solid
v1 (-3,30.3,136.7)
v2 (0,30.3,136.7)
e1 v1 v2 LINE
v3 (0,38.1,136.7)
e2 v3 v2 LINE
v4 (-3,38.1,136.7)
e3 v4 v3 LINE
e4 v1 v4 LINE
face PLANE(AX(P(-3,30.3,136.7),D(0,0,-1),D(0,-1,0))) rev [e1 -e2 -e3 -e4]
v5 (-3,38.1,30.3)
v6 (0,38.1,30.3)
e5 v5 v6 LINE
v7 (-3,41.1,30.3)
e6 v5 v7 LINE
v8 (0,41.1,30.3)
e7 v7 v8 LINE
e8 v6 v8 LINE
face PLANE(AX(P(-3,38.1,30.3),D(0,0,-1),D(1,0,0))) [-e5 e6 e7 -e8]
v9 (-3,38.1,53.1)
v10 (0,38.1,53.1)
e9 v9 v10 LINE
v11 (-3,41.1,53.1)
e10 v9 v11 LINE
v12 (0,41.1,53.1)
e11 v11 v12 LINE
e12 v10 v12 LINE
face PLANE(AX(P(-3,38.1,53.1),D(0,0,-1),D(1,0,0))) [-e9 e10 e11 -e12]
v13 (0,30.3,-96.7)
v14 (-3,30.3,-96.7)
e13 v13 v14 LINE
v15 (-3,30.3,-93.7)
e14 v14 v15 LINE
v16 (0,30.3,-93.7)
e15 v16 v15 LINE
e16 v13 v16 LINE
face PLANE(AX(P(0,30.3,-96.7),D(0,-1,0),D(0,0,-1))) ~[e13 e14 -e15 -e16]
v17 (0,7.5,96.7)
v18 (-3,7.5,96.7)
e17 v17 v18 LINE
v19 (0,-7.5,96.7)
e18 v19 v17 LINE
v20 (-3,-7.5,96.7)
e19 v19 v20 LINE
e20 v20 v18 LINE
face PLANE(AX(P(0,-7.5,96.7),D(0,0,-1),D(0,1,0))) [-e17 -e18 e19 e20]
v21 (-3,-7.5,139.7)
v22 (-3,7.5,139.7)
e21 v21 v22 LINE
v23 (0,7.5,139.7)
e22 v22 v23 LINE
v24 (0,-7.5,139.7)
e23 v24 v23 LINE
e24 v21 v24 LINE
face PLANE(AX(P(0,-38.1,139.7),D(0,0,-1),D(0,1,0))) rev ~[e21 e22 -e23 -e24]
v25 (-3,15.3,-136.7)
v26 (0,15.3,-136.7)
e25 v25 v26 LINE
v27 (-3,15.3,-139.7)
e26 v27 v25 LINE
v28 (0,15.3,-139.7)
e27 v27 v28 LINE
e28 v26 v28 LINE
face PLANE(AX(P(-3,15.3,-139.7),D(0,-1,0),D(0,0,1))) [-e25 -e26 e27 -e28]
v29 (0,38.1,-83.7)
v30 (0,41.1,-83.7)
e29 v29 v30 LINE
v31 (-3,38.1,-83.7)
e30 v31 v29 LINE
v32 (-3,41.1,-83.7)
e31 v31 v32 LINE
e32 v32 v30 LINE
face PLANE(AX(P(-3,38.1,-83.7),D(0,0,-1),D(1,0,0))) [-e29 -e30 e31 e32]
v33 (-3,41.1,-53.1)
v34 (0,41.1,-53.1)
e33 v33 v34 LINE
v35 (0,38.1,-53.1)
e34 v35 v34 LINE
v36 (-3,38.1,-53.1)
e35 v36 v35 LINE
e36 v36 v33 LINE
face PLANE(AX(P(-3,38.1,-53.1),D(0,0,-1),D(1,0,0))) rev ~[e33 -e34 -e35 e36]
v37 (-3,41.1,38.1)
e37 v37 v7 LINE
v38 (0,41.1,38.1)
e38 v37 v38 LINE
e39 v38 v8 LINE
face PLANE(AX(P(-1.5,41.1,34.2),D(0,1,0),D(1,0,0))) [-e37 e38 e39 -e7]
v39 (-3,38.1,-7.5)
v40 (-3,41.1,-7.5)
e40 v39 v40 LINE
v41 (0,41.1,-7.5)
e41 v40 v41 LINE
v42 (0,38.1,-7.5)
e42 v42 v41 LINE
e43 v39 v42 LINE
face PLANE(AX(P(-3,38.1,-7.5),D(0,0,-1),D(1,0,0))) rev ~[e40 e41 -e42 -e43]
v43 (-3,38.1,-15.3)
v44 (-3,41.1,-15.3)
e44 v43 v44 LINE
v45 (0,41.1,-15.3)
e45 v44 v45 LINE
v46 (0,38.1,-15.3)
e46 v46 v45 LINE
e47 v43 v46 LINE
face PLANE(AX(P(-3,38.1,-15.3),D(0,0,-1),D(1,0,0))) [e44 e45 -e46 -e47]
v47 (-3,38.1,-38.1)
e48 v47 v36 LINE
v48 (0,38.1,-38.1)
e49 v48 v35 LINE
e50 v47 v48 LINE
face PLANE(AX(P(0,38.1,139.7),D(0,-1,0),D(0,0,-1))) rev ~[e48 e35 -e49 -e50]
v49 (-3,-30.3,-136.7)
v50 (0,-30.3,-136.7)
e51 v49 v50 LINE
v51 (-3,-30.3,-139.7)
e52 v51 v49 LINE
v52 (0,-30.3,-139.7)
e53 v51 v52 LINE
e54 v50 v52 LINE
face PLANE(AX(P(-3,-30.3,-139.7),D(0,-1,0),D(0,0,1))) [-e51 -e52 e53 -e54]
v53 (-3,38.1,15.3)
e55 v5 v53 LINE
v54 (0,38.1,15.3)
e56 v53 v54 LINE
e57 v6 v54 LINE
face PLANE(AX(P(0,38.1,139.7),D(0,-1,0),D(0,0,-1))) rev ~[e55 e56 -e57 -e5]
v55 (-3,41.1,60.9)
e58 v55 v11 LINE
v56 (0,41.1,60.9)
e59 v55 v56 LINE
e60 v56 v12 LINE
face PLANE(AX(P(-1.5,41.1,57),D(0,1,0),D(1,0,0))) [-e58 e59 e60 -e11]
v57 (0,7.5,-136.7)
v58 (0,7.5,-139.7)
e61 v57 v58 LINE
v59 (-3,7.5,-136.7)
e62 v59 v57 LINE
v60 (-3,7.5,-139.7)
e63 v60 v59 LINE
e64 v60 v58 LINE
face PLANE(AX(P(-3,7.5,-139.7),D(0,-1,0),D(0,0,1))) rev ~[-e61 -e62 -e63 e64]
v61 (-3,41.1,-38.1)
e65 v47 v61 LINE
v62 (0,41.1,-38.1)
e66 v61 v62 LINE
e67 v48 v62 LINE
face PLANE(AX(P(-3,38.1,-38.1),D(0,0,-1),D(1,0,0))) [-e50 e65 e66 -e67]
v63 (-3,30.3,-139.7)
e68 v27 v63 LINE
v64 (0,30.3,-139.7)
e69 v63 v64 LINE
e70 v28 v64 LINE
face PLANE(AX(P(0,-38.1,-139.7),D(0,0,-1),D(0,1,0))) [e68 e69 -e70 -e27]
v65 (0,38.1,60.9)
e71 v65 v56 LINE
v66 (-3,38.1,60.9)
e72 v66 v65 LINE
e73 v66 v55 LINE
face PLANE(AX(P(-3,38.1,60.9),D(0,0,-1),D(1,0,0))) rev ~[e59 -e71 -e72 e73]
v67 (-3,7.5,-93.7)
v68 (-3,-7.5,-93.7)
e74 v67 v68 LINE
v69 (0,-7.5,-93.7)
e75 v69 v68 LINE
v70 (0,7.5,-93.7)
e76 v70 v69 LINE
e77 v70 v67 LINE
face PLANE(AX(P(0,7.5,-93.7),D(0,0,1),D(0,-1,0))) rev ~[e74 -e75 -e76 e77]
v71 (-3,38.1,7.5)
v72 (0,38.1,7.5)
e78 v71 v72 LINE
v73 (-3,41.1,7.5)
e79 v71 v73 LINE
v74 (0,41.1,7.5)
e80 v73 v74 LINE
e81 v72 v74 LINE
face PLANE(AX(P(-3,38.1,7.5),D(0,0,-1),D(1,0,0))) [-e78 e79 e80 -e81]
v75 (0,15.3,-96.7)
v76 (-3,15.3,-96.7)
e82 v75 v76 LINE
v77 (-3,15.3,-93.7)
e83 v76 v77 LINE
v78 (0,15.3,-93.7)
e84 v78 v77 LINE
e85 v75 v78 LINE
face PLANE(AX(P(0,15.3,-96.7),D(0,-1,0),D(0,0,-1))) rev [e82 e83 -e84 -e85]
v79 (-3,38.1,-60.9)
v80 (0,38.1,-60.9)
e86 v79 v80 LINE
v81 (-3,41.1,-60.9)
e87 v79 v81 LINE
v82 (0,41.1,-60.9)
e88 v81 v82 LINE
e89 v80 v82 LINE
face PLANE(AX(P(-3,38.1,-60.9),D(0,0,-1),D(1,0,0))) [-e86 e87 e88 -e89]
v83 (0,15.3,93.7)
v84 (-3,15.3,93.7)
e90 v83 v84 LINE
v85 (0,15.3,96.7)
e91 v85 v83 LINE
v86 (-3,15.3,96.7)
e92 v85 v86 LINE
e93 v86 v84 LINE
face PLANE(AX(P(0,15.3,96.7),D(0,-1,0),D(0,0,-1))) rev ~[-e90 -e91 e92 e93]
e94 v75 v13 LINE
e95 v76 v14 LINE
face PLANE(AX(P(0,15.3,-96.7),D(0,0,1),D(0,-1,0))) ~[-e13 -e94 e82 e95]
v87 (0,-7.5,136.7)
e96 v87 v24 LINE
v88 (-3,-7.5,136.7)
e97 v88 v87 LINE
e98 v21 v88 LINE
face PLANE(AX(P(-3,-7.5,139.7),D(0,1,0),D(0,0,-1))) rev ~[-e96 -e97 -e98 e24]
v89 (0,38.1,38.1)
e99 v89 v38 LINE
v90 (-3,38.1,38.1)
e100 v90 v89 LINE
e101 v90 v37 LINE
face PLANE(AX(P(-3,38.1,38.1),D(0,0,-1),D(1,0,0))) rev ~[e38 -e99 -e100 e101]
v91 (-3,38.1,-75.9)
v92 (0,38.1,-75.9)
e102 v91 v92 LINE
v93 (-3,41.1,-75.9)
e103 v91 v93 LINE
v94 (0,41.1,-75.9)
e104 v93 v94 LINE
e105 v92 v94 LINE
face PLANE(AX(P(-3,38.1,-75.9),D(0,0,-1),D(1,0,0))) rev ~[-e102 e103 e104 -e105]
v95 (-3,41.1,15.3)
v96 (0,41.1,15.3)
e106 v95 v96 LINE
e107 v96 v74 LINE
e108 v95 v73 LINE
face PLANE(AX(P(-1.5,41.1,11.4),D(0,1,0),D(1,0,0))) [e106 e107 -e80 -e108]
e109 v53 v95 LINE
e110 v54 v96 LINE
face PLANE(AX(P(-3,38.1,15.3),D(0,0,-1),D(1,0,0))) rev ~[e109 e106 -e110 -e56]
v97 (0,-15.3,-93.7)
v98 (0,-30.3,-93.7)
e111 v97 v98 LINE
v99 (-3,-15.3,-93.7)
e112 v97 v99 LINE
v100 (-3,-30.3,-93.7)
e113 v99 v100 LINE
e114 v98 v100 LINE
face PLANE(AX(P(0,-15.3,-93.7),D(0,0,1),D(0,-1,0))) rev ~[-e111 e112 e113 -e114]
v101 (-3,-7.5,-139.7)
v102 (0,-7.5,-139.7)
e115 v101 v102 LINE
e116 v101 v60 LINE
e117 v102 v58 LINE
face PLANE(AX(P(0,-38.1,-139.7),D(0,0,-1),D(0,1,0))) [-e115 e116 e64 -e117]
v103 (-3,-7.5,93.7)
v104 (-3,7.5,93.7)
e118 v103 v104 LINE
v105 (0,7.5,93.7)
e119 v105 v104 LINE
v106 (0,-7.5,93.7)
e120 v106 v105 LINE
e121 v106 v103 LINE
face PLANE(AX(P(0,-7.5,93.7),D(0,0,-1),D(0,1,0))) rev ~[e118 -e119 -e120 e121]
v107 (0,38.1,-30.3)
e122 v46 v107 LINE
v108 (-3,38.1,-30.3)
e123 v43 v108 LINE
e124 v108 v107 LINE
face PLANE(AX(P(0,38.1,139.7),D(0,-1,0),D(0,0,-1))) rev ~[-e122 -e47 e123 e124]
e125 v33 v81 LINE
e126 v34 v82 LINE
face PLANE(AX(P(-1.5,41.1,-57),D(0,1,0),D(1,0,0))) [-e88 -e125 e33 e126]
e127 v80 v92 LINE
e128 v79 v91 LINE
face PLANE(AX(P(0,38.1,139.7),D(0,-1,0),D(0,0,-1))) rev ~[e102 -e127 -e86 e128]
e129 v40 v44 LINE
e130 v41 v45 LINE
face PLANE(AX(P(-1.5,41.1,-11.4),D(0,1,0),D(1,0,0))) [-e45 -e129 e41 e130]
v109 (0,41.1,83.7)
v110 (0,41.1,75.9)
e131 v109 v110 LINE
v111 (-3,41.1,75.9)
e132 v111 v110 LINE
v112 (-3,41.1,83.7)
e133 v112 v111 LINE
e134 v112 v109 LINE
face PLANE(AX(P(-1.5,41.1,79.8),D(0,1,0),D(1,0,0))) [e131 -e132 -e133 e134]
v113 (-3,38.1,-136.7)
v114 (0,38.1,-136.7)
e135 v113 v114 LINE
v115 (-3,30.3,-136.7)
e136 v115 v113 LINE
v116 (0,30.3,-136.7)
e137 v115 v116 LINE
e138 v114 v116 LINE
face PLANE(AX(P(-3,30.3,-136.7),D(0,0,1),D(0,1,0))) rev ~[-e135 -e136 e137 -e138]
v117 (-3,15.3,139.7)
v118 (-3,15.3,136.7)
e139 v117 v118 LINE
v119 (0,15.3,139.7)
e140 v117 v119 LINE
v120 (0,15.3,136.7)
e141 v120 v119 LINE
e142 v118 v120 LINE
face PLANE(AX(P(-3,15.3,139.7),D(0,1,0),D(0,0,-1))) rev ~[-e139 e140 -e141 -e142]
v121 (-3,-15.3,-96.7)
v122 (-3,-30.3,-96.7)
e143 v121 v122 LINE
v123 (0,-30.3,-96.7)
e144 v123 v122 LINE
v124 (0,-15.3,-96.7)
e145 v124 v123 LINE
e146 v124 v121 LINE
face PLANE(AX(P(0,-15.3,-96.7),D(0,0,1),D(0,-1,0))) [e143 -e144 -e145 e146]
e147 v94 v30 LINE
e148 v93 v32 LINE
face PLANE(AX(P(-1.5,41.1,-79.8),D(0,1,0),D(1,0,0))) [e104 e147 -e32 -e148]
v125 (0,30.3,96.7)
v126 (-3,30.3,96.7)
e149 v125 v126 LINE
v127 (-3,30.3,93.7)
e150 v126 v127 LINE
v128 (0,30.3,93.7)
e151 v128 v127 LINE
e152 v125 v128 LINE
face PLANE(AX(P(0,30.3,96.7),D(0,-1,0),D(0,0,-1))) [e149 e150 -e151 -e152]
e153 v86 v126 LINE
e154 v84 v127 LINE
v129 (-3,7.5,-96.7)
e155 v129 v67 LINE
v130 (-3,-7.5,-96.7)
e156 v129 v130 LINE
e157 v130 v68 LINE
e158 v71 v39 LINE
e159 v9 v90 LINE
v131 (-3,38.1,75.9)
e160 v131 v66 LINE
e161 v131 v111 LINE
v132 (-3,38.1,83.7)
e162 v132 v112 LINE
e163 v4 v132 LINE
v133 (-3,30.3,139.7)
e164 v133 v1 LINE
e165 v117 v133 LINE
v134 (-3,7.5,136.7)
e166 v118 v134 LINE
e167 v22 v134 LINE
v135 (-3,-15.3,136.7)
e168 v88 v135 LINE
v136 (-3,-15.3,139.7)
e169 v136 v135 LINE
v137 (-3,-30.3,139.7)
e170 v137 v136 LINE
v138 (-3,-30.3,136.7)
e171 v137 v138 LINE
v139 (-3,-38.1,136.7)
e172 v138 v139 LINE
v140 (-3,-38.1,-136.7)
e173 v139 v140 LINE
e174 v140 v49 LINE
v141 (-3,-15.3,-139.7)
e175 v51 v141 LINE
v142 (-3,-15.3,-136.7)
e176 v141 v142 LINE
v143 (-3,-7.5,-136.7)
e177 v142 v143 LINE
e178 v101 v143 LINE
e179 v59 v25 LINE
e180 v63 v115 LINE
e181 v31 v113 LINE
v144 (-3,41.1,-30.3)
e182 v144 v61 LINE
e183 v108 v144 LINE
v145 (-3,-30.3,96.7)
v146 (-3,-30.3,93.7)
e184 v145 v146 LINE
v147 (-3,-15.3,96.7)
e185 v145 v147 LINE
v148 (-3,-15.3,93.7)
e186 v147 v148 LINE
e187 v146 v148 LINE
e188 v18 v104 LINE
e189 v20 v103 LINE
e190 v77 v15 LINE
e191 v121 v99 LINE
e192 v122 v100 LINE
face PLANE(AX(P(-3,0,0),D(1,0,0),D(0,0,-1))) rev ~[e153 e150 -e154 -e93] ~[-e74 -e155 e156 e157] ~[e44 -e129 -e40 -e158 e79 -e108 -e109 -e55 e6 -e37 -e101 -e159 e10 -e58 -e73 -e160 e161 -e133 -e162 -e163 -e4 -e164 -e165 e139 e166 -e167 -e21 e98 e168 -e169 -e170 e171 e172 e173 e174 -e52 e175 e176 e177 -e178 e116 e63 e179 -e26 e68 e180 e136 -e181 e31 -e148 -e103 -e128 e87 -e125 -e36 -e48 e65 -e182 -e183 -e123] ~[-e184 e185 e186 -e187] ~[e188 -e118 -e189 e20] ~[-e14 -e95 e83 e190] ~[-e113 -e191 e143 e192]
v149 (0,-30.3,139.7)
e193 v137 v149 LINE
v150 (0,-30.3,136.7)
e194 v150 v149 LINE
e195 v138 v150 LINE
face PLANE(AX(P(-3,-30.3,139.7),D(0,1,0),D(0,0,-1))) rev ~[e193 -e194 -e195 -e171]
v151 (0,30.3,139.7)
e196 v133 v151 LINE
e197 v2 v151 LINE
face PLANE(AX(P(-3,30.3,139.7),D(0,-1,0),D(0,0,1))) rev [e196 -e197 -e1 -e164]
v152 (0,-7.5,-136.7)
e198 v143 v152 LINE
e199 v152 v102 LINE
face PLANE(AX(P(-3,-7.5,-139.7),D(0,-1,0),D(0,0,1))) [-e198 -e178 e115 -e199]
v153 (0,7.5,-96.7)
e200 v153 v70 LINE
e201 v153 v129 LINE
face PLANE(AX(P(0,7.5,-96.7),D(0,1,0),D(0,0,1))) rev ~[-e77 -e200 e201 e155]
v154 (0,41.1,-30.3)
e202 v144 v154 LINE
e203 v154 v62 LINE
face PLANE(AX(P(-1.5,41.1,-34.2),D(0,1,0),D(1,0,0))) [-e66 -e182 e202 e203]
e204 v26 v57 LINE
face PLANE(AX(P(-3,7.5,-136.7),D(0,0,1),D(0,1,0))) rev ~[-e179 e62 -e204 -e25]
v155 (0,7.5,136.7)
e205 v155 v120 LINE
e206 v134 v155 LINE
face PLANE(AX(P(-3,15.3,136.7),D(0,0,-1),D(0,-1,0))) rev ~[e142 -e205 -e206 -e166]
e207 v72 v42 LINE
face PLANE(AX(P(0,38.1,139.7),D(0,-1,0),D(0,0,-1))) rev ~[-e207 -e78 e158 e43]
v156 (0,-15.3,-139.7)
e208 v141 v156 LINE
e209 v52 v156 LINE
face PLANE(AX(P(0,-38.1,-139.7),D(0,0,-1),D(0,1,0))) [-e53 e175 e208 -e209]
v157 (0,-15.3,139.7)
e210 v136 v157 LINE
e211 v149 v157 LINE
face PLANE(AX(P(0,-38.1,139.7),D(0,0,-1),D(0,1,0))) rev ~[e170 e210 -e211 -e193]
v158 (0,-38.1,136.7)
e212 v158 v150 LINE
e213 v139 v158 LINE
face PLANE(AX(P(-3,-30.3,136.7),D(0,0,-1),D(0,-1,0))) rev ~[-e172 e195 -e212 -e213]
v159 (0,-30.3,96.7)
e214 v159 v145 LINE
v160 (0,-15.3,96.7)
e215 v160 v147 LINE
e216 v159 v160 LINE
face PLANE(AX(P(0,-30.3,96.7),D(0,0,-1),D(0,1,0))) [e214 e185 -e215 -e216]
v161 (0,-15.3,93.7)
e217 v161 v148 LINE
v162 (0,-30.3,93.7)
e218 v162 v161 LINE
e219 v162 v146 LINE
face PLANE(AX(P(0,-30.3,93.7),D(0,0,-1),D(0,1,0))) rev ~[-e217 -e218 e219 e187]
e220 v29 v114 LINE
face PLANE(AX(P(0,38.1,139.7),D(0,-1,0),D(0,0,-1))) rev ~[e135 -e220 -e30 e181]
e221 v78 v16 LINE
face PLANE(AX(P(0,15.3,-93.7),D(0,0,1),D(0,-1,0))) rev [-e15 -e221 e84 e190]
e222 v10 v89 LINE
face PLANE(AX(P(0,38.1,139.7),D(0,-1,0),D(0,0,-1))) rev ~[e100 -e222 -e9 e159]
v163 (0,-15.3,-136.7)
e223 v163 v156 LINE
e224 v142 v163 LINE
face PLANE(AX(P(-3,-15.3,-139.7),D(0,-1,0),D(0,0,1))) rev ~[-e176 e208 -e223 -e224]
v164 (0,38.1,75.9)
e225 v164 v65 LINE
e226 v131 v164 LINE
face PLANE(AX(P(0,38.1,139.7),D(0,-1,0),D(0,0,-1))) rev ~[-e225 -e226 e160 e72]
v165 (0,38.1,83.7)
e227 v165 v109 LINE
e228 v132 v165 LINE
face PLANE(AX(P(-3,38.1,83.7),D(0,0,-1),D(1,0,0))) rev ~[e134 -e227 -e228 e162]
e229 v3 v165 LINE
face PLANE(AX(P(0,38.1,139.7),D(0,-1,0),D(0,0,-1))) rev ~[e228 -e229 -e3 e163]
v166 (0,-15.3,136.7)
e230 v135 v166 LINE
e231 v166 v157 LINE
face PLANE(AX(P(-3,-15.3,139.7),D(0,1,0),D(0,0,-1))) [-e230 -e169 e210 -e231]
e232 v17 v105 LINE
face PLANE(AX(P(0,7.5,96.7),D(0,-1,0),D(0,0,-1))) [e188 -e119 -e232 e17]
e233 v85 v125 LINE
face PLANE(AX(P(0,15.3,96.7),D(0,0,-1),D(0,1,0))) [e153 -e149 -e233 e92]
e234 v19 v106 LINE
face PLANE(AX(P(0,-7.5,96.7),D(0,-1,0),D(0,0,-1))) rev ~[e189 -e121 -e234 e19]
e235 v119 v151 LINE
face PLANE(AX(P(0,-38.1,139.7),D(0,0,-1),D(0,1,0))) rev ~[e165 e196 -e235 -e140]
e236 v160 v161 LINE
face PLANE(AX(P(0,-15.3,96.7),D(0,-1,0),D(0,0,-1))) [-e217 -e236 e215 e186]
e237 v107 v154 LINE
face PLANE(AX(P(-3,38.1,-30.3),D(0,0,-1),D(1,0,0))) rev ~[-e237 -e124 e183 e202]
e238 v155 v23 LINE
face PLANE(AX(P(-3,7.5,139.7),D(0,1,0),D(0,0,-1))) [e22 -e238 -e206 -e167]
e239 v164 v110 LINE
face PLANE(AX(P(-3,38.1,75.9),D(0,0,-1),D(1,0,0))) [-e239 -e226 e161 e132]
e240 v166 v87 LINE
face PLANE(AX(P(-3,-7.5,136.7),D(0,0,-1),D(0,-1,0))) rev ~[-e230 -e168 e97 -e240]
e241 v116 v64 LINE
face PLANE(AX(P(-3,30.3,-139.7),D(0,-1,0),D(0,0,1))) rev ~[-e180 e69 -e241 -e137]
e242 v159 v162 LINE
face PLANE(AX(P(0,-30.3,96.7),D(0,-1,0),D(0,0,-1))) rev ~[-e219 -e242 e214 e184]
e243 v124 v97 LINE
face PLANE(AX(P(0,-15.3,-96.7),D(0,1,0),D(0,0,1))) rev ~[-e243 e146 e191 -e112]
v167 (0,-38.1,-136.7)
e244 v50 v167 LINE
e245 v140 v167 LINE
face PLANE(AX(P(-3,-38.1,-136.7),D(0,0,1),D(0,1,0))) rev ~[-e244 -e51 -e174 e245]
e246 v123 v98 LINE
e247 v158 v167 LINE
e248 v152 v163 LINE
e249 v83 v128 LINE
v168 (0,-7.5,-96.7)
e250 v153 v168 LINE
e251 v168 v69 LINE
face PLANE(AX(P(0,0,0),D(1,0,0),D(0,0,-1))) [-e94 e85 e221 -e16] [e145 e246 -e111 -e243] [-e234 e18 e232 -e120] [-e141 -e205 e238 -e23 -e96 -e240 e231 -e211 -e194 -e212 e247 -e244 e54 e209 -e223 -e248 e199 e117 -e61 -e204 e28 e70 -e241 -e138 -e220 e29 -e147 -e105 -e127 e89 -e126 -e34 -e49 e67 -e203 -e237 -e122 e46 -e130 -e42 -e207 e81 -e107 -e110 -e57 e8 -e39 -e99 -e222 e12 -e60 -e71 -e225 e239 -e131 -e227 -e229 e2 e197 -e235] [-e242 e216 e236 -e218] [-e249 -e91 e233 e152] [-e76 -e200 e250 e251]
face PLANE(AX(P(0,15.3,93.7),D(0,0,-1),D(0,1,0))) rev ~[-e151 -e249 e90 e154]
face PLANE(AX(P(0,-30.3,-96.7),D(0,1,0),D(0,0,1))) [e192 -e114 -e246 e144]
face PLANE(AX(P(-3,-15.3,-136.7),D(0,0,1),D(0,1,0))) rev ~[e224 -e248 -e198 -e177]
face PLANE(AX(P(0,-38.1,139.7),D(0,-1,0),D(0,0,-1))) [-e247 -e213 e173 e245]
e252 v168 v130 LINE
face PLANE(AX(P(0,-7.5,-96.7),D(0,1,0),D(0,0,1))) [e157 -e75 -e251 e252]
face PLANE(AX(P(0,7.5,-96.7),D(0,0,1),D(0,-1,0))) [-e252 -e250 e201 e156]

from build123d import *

# Parameters (mm, degrees)
SKETCH1_W               = 279.4
SKETCH1_H               = 76.2
BOSS_EXTRUDE1_DEPTH     = 3
SKETCH3_W               = 3
SKETCH3_H               = 7.8
CUT_EXTRUDE1_DEPTH      = 145.833352512
LPATTERN1_COUNT         = 4
LPATTERN1_PITCH         = 22.8
MIRROR1_COPY_1_SKETCH_W = 3
MIRROR1_COPY_1_SKETCH_H = 7.8
MIRROR1_COPY_1_DEPTH    = 145.833352512
MIRROR1_COPY_2_SKETCH_W = 3
MIRROR1_COPY_2_SKETCH_H = 7.8
MIRROR1_COPY_2_DEPTH    = 145.833352512
MIRROR1_COPY_3_SKETCH_W = 3
MIRROR1_COPY_3_SKETCH_H = 7.8
MIRROR1_COPY_3_DEPTH    = 145.833352512
SKETCH4_W               = 3
SKETCH4_H               = 15
CUT_EXTRUDE2_DEPTH      = 10
LPATTERN2_COUNT         = 3
LPATTERN2_PITCH         = 22.8
MIRROR2_COPY_1_SKETCH_W = 3
MIRROR2_COPY_1_SKETCH_H = 15
MIRROR2_COPY_1_DEPTH    = 10
MIRROR2_COPY_2_SKETCH_W = 3
MIRROR2_COPY_2_SKETCH_H = 15
MIRROR2_COPY_2_DEPTH    = 10
SKETCH5_W               = 3
SKETCH5_H               = 7.8
BOSS_EXTRUDE2_DEPTH     = 3
LPATTERN3_COUNT         = 8
LPATTERN3_PITCH         = 22.8


with BuildPart() as part:
    # Sketch1 → Boss-Extrude1 (new body)
    with BuildSketch(Plane(origin=(0, 0, 0), x_dir=(0, 0, -1), z_dir=(1, 0, 0))):
        Rectangle(SKETCH1_W, SKETCH1_H)
    extrude(amount=-BOSS_EXTRUDE1_DEPTH)

    # Sketch3 → Cut-Extrude1 (cut, through all)
    with BuildSketch(Plane.ZY.offset(3)):
        with Locations((-138.2, 34.2)):
            Rectangle(SKETCH3_W, SKETCH3_H)
    cut_extrude1 = extrude(amount=-CUT_EXTRUDE1_DEPTH, mode=Mode.SUBTRACT)

    # LPattern1: Cut-Extrude1 ×4
    with Locations(*[(0, -i * LPATTERN1_PITCH, 0) for i in range(1, LPATTERN1_COUNT)]):
        add(cut_extrude1, mode=Mode.SUBTRACT)

    # Mirror1: Cut-Extrude1 across plane
    add(cut_extrude1.mirror(Plane.XY), mode=Mode.SUBTRACT)

    # Mirror1 copy 1 sketch → Mirror1 copy 1 (cut, through all)
    with BuildSketch(Plane(origin=(-3, -22.8, 0), x_dir=(0, 0, -1), z_dir=(-1, 0, 0))):
        with Locations((-138.2, -34.2)):
            Rectangle(MIRROR1_COPY_1_SKETCH_W, MIRROR1_COPY_1_SKETCH_H)
    extrude(amount=-MIRROR1_COPY_1_DEPTH, mode=Mode.SUBTRACT)

    # Mirror1 copy 2 sketch → Mirror1 copy 2 (cut, through all)
    with BuildSketch(Plane(origin=(-3, -45.6, 0), x_dir=(0, 0, -1), z_dir=(-1, 0, 0))):
        with Locations((-138.2, -34.2)):
            Rectangle(MIRROR1_COPY_2_SKETCH_W, MIRROR1_COPY_2_SKETCH_H)
    extrude(amount=-MIRROR1_COPY_2_DEPTH, mode=Mode.SUBTRACT)

    # Mirror1 copy 3 sketch → Mirror1 copy 3 (cut, through all)
    with BuildSketch(Plane(origin=(-3, -68.4, 0), x_dir=(0, 0, -1), z_dir=(-1, 0, 0))):
        with Locations((-138.2, -34.2)):
            Rectangle(MIRROR1_COPY_3_SKETCH_W, MIRROR1_COPY_3_SKETCH_H)
    extrude(amount=-MIRROR1_COPY_3_DEPTH, mode=Mode.SUBTRACT)

    # Sketch4 → Cut-Extrude2 (cut)
    with BuildSketch(Plane(origin=(0, 0, 0), x_dir=(0, 0, -1), z_dir=(1, 0, 0))):
        with Locations((-95.2, 22.8)):
            Rectangle(SKETCH4_W, SKETCH4_H)
    cut_extrude2 = extrude(amount=-CUT_EXTRUDE2_DEPTH, mode=Mode.SUBTRACT)

    # LPattern2: Cut-Extrude2 ×3
    with Locations(*[(0, -i * LPATTERN2_PITCH, 0) for i in range(1, LPATTERN2_COUNT)]):
        add(cut_extrude2, mode=Mode.SUBTRACT)

    # Mirror2: Cut-Extrude2 across plane
    add(cut_extrude2.mirror(Plane.XY), mode=Mode.SUBTRACT)

    # Mirror2 copy 1 sketch → Mirror2 copy 1 (cut)
    with BuildSketch(Plane(origin=(0, -22.8, 0), x_dir=(0, 0, 1), z_dir=(1, 0, 0))):
        with Locations((-95.2, -22.8)):
            Rectangle(MIRROR2_COPY_1_SKETCH_W, MIRROR2_COPY_1_SKETCH_H)
    extrude(amount=-MIRROR2_COPY_1_DEPTH, mode=Mode.SUBTRACT)

    # Mirror2 copy 2 sketch → Mirror2 copy 2 (cut)
    with BuildSketch(Plane(origin=(0, -45.6, 0), x_dir=(0, 0, 1), z_dir=(1, 0, 0))):
        with Locations((-95.2, -22.8)):
            Rectangle(MIRROR2_COPY_2_SKETCH_W, MIRROR2_COPY_2_SKETCH_H)
    extrude(amount=-MIRROR2_COPY_2_DEPTH, mode=Mode.SUBTRACT)

    # Sketch5 → Boss-Extrude2 (add)
    with BuildSketch(Plane(origin=(0, 38.1, 0), x_dir=(1, 0, 0), z_dir=(0, 1, 0))):
        with Locations((-1.5, -79.8)):
            Rectangle(SKETCH5_W, SKETCH5_H)
    boss_extrude2 = extrude(amount=BOSS_EXTRUDE2_DEPTH)

    # LPattern3: Boss-Extrude2 ×8
    with Locations(*[(0, 0, -i * LPATTERN3_PITCH) for i in range(1, LPATTERN3_COUNT)]):
        add(boss_extrude2)


solid = part.part
